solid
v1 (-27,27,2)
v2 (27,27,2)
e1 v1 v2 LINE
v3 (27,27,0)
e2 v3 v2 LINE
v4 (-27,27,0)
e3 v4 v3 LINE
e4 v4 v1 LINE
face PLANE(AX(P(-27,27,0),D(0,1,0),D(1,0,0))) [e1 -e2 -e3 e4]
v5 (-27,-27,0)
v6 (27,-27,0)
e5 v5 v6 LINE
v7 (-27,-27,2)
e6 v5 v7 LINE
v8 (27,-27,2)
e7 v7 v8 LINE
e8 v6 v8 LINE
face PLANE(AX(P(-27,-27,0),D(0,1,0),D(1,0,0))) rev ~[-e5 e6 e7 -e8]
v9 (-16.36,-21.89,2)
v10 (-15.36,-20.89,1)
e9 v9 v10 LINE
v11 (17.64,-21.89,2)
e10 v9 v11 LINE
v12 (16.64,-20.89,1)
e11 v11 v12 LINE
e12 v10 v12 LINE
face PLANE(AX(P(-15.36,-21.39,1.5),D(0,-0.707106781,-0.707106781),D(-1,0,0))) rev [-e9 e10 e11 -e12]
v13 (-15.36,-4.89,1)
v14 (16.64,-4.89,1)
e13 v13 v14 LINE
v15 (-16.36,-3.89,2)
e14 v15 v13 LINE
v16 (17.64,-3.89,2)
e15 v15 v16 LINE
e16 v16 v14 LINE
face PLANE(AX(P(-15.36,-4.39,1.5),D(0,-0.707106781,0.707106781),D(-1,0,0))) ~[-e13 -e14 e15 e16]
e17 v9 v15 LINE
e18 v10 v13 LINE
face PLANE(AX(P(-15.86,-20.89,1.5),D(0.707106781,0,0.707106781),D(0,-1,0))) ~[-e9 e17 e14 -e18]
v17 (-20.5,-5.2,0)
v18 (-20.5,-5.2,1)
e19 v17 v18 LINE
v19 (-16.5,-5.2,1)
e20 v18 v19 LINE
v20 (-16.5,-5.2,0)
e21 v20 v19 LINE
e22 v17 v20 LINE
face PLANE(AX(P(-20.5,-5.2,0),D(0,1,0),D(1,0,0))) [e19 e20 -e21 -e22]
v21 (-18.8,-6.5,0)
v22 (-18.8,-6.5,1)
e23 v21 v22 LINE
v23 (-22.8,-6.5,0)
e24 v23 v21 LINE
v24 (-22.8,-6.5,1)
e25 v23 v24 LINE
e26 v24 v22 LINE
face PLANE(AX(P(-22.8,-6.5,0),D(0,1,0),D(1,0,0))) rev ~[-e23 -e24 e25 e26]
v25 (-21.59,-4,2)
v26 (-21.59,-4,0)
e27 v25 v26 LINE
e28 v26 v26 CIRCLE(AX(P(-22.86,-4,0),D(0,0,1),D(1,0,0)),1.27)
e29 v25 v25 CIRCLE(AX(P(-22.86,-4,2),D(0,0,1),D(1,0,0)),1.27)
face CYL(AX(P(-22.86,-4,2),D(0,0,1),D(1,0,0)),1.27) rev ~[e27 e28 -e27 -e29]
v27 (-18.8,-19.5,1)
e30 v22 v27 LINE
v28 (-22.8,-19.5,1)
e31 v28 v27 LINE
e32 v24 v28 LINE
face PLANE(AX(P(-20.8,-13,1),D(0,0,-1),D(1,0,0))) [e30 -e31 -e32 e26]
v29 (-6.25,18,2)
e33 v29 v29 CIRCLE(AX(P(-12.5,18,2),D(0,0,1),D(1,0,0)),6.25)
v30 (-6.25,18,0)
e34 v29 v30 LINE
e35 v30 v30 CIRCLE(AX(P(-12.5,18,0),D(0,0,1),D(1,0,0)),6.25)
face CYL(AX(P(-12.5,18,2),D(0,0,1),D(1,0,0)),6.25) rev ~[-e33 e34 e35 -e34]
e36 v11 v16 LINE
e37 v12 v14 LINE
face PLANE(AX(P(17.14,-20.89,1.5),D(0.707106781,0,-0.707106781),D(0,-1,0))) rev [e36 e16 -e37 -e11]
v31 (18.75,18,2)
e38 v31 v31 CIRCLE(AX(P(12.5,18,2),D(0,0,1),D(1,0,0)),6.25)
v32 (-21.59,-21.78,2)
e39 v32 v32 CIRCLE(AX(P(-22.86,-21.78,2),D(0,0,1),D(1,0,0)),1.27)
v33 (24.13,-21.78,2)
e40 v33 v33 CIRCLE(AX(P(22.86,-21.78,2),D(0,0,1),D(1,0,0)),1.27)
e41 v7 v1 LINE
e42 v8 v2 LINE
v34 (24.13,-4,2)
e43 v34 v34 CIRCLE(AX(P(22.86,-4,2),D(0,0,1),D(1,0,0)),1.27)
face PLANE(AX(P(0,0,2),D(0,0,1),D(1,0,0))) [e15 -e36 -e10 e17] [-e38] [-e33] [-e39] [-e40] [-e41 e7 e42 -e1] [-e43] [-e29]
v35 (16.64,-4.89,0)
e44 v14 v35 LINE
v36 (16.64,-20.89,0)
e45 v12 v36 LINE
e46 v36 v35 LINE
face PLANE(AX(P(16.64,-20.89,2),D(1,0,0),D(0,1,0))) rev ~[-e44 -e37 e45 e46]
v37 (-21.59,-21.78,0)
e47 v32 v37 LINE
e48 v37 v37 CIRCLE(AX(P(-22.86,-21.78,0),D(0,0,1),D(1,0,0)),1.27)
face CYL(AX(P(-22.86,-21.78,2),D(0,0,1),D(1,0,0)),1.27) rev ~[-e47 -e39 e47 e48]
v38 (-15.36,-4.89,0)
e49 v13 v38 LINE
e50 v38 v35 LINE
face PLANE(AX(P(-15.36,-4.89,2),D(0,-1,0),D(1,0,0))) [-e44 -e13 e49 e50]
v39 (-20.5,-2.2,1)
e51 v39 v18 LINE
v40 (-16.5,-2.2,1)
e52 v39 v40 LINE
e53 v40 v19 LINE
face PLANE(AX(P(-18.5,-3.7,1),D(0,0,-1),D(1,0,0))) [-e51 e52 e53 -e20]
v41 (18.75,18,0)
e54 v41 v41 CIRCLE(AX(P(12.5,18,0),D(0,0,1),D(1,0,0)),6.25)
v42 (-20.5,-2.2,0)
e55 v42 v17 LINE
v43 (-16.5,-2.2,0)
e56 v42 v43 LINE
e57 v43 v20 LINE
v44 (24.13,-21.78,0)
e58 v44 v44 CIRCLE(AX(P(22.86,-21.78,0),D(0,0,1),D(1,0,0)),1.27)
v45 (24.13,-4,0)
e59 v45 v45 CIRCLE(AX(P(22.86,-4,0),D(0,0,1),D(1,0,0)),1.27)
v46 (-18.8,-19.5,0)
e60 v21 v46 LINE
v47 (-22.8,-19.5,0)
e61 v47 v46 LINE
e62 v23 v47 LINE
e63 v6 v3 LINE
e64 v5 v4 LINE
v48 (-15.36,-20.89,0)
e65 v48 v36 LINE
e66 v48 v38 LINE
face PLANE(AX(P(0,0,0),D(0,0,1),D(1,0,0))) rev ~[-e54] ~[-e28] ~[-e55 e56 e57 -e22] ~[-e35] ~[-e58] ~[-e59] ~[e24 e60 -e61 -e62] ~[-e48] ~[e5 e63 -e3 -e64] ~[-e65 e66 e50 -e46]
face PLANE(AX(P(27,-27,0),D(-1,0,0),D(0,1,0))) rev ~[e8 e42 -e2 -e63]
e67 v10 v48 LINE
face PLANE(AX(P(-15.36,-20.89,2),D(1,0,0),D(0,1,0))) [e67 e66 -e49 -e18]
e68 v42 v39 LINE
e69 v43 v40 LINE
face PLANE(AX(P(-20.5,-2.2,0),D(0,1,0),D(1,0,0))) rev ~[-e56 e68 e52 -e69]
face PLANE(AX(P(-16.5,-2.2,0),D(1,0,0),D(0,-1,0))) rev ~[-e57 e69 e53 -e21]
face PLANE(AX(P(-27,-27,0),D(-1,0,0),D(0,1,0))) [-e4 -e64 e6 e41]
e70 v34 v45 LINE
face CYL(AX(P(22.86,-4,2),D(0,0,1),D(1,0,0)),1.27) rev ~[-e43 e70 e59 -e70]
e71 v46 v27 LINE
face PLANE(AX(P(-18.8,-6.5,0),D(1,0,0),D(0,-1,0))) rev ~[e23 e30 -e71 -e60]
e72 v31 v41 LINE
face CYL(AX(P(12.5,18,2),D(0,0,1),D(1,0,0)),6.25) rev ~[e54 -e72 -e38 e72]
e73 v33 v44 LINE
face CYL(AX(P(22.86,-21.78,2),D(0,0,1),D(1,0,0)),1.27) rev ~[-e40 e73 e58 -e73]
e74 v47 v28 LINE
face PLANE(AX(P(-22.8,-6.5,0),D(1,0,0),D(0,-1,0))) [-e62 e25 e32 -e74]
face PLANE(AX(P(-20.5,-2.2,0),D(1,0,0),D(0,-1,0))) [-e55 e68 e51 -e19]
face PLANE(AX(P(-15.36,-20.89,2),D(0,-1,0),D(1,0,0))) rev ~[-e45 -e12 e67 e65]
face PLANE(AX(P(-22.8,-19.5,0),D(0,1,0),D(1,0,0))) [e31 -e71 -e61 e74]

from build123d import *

# Parameters (mm, degrees)
SKETCH_W        = 54
SKETCH_H        = 54
PAD_DEPTH       = 2
SKETCH001_R     = 1.27
SKETCH001_R_2   = 6.25
SKETCH001_W     = 32
SKETCH001_H     = 16
POCKET_DEPTH    = 2
CHAMFER_SIZE    = 1
SKETCH006_W     = 4
SKETCH006_H     = 13
SKETCH006_H_2   = 3
POCKET004_DEPTH = 1


with BuildPart() as part:
    # Sketch → Pad (new body)
    with BuildSketch(Plane.XY):
        Rectangle(SKETCH_W, SKETCH_H)
    extrude(amount=PAD_DEPTH)

    # Sketch001 (on Face6 of Pad) → Pocket (cut)
    with BuildSketch(Plane.XY.offset(2)):
        with Locations((-22.86, -4)):
            Circle(SKETCH001_R)
        with Locations((22.86, -4)):
            Circle(SKETCH001_R)
        with Locations((22.86, -21.78)):
            Circle(SKETCH001_R)
        with Locations((-22.86, -21.78)):
            Circle(SKETCH001_R)
        with Locations((-12.5, 18)):
            Circle(SKETCH001_R_2)
        with Locations((12.5, 18)):
            Circle(SKETCH001_R_2)
        with Locations((0.64, -12.89)):
            Rectangle(SKETCH001_W, SKETCH001_H)
    extrude(amount=-POCKET_DEPTH, mode=Mode.SUBTRACT)

    # Chamfer
    chamfer_edges = [part.edges().sort_by_distance(p)[0] for p in [
        (0.64, -20.89, 2),
        (-15.36, -12.89, 2),
        (0.64, -4.89, 2),
        (16.64, -12.89, 2),
    ]]
    chamfer(chamfer_edges, length=CHAMFER_SIZE)

    # Sketch006 (on Face20 of Chamfer) → Pocket004 (cut)
    with BuildSketch(Plane(origin=(0, 0, 0), x_dir=(1, 0, 0), z_dir=(0, 0, -1))):
        with Locations((-20.8, 13)):
            Rectangle(SKETCH006_W, SKETCH006_H)
        with Locations((-18.5, 3.7)):
            Rectangle(SKETCH006_W, SKETCH006_H_2)
    extrude(amount=-POCKET004_DEPTH, mode=Mode.SUBTRACT)


solid = part.part
